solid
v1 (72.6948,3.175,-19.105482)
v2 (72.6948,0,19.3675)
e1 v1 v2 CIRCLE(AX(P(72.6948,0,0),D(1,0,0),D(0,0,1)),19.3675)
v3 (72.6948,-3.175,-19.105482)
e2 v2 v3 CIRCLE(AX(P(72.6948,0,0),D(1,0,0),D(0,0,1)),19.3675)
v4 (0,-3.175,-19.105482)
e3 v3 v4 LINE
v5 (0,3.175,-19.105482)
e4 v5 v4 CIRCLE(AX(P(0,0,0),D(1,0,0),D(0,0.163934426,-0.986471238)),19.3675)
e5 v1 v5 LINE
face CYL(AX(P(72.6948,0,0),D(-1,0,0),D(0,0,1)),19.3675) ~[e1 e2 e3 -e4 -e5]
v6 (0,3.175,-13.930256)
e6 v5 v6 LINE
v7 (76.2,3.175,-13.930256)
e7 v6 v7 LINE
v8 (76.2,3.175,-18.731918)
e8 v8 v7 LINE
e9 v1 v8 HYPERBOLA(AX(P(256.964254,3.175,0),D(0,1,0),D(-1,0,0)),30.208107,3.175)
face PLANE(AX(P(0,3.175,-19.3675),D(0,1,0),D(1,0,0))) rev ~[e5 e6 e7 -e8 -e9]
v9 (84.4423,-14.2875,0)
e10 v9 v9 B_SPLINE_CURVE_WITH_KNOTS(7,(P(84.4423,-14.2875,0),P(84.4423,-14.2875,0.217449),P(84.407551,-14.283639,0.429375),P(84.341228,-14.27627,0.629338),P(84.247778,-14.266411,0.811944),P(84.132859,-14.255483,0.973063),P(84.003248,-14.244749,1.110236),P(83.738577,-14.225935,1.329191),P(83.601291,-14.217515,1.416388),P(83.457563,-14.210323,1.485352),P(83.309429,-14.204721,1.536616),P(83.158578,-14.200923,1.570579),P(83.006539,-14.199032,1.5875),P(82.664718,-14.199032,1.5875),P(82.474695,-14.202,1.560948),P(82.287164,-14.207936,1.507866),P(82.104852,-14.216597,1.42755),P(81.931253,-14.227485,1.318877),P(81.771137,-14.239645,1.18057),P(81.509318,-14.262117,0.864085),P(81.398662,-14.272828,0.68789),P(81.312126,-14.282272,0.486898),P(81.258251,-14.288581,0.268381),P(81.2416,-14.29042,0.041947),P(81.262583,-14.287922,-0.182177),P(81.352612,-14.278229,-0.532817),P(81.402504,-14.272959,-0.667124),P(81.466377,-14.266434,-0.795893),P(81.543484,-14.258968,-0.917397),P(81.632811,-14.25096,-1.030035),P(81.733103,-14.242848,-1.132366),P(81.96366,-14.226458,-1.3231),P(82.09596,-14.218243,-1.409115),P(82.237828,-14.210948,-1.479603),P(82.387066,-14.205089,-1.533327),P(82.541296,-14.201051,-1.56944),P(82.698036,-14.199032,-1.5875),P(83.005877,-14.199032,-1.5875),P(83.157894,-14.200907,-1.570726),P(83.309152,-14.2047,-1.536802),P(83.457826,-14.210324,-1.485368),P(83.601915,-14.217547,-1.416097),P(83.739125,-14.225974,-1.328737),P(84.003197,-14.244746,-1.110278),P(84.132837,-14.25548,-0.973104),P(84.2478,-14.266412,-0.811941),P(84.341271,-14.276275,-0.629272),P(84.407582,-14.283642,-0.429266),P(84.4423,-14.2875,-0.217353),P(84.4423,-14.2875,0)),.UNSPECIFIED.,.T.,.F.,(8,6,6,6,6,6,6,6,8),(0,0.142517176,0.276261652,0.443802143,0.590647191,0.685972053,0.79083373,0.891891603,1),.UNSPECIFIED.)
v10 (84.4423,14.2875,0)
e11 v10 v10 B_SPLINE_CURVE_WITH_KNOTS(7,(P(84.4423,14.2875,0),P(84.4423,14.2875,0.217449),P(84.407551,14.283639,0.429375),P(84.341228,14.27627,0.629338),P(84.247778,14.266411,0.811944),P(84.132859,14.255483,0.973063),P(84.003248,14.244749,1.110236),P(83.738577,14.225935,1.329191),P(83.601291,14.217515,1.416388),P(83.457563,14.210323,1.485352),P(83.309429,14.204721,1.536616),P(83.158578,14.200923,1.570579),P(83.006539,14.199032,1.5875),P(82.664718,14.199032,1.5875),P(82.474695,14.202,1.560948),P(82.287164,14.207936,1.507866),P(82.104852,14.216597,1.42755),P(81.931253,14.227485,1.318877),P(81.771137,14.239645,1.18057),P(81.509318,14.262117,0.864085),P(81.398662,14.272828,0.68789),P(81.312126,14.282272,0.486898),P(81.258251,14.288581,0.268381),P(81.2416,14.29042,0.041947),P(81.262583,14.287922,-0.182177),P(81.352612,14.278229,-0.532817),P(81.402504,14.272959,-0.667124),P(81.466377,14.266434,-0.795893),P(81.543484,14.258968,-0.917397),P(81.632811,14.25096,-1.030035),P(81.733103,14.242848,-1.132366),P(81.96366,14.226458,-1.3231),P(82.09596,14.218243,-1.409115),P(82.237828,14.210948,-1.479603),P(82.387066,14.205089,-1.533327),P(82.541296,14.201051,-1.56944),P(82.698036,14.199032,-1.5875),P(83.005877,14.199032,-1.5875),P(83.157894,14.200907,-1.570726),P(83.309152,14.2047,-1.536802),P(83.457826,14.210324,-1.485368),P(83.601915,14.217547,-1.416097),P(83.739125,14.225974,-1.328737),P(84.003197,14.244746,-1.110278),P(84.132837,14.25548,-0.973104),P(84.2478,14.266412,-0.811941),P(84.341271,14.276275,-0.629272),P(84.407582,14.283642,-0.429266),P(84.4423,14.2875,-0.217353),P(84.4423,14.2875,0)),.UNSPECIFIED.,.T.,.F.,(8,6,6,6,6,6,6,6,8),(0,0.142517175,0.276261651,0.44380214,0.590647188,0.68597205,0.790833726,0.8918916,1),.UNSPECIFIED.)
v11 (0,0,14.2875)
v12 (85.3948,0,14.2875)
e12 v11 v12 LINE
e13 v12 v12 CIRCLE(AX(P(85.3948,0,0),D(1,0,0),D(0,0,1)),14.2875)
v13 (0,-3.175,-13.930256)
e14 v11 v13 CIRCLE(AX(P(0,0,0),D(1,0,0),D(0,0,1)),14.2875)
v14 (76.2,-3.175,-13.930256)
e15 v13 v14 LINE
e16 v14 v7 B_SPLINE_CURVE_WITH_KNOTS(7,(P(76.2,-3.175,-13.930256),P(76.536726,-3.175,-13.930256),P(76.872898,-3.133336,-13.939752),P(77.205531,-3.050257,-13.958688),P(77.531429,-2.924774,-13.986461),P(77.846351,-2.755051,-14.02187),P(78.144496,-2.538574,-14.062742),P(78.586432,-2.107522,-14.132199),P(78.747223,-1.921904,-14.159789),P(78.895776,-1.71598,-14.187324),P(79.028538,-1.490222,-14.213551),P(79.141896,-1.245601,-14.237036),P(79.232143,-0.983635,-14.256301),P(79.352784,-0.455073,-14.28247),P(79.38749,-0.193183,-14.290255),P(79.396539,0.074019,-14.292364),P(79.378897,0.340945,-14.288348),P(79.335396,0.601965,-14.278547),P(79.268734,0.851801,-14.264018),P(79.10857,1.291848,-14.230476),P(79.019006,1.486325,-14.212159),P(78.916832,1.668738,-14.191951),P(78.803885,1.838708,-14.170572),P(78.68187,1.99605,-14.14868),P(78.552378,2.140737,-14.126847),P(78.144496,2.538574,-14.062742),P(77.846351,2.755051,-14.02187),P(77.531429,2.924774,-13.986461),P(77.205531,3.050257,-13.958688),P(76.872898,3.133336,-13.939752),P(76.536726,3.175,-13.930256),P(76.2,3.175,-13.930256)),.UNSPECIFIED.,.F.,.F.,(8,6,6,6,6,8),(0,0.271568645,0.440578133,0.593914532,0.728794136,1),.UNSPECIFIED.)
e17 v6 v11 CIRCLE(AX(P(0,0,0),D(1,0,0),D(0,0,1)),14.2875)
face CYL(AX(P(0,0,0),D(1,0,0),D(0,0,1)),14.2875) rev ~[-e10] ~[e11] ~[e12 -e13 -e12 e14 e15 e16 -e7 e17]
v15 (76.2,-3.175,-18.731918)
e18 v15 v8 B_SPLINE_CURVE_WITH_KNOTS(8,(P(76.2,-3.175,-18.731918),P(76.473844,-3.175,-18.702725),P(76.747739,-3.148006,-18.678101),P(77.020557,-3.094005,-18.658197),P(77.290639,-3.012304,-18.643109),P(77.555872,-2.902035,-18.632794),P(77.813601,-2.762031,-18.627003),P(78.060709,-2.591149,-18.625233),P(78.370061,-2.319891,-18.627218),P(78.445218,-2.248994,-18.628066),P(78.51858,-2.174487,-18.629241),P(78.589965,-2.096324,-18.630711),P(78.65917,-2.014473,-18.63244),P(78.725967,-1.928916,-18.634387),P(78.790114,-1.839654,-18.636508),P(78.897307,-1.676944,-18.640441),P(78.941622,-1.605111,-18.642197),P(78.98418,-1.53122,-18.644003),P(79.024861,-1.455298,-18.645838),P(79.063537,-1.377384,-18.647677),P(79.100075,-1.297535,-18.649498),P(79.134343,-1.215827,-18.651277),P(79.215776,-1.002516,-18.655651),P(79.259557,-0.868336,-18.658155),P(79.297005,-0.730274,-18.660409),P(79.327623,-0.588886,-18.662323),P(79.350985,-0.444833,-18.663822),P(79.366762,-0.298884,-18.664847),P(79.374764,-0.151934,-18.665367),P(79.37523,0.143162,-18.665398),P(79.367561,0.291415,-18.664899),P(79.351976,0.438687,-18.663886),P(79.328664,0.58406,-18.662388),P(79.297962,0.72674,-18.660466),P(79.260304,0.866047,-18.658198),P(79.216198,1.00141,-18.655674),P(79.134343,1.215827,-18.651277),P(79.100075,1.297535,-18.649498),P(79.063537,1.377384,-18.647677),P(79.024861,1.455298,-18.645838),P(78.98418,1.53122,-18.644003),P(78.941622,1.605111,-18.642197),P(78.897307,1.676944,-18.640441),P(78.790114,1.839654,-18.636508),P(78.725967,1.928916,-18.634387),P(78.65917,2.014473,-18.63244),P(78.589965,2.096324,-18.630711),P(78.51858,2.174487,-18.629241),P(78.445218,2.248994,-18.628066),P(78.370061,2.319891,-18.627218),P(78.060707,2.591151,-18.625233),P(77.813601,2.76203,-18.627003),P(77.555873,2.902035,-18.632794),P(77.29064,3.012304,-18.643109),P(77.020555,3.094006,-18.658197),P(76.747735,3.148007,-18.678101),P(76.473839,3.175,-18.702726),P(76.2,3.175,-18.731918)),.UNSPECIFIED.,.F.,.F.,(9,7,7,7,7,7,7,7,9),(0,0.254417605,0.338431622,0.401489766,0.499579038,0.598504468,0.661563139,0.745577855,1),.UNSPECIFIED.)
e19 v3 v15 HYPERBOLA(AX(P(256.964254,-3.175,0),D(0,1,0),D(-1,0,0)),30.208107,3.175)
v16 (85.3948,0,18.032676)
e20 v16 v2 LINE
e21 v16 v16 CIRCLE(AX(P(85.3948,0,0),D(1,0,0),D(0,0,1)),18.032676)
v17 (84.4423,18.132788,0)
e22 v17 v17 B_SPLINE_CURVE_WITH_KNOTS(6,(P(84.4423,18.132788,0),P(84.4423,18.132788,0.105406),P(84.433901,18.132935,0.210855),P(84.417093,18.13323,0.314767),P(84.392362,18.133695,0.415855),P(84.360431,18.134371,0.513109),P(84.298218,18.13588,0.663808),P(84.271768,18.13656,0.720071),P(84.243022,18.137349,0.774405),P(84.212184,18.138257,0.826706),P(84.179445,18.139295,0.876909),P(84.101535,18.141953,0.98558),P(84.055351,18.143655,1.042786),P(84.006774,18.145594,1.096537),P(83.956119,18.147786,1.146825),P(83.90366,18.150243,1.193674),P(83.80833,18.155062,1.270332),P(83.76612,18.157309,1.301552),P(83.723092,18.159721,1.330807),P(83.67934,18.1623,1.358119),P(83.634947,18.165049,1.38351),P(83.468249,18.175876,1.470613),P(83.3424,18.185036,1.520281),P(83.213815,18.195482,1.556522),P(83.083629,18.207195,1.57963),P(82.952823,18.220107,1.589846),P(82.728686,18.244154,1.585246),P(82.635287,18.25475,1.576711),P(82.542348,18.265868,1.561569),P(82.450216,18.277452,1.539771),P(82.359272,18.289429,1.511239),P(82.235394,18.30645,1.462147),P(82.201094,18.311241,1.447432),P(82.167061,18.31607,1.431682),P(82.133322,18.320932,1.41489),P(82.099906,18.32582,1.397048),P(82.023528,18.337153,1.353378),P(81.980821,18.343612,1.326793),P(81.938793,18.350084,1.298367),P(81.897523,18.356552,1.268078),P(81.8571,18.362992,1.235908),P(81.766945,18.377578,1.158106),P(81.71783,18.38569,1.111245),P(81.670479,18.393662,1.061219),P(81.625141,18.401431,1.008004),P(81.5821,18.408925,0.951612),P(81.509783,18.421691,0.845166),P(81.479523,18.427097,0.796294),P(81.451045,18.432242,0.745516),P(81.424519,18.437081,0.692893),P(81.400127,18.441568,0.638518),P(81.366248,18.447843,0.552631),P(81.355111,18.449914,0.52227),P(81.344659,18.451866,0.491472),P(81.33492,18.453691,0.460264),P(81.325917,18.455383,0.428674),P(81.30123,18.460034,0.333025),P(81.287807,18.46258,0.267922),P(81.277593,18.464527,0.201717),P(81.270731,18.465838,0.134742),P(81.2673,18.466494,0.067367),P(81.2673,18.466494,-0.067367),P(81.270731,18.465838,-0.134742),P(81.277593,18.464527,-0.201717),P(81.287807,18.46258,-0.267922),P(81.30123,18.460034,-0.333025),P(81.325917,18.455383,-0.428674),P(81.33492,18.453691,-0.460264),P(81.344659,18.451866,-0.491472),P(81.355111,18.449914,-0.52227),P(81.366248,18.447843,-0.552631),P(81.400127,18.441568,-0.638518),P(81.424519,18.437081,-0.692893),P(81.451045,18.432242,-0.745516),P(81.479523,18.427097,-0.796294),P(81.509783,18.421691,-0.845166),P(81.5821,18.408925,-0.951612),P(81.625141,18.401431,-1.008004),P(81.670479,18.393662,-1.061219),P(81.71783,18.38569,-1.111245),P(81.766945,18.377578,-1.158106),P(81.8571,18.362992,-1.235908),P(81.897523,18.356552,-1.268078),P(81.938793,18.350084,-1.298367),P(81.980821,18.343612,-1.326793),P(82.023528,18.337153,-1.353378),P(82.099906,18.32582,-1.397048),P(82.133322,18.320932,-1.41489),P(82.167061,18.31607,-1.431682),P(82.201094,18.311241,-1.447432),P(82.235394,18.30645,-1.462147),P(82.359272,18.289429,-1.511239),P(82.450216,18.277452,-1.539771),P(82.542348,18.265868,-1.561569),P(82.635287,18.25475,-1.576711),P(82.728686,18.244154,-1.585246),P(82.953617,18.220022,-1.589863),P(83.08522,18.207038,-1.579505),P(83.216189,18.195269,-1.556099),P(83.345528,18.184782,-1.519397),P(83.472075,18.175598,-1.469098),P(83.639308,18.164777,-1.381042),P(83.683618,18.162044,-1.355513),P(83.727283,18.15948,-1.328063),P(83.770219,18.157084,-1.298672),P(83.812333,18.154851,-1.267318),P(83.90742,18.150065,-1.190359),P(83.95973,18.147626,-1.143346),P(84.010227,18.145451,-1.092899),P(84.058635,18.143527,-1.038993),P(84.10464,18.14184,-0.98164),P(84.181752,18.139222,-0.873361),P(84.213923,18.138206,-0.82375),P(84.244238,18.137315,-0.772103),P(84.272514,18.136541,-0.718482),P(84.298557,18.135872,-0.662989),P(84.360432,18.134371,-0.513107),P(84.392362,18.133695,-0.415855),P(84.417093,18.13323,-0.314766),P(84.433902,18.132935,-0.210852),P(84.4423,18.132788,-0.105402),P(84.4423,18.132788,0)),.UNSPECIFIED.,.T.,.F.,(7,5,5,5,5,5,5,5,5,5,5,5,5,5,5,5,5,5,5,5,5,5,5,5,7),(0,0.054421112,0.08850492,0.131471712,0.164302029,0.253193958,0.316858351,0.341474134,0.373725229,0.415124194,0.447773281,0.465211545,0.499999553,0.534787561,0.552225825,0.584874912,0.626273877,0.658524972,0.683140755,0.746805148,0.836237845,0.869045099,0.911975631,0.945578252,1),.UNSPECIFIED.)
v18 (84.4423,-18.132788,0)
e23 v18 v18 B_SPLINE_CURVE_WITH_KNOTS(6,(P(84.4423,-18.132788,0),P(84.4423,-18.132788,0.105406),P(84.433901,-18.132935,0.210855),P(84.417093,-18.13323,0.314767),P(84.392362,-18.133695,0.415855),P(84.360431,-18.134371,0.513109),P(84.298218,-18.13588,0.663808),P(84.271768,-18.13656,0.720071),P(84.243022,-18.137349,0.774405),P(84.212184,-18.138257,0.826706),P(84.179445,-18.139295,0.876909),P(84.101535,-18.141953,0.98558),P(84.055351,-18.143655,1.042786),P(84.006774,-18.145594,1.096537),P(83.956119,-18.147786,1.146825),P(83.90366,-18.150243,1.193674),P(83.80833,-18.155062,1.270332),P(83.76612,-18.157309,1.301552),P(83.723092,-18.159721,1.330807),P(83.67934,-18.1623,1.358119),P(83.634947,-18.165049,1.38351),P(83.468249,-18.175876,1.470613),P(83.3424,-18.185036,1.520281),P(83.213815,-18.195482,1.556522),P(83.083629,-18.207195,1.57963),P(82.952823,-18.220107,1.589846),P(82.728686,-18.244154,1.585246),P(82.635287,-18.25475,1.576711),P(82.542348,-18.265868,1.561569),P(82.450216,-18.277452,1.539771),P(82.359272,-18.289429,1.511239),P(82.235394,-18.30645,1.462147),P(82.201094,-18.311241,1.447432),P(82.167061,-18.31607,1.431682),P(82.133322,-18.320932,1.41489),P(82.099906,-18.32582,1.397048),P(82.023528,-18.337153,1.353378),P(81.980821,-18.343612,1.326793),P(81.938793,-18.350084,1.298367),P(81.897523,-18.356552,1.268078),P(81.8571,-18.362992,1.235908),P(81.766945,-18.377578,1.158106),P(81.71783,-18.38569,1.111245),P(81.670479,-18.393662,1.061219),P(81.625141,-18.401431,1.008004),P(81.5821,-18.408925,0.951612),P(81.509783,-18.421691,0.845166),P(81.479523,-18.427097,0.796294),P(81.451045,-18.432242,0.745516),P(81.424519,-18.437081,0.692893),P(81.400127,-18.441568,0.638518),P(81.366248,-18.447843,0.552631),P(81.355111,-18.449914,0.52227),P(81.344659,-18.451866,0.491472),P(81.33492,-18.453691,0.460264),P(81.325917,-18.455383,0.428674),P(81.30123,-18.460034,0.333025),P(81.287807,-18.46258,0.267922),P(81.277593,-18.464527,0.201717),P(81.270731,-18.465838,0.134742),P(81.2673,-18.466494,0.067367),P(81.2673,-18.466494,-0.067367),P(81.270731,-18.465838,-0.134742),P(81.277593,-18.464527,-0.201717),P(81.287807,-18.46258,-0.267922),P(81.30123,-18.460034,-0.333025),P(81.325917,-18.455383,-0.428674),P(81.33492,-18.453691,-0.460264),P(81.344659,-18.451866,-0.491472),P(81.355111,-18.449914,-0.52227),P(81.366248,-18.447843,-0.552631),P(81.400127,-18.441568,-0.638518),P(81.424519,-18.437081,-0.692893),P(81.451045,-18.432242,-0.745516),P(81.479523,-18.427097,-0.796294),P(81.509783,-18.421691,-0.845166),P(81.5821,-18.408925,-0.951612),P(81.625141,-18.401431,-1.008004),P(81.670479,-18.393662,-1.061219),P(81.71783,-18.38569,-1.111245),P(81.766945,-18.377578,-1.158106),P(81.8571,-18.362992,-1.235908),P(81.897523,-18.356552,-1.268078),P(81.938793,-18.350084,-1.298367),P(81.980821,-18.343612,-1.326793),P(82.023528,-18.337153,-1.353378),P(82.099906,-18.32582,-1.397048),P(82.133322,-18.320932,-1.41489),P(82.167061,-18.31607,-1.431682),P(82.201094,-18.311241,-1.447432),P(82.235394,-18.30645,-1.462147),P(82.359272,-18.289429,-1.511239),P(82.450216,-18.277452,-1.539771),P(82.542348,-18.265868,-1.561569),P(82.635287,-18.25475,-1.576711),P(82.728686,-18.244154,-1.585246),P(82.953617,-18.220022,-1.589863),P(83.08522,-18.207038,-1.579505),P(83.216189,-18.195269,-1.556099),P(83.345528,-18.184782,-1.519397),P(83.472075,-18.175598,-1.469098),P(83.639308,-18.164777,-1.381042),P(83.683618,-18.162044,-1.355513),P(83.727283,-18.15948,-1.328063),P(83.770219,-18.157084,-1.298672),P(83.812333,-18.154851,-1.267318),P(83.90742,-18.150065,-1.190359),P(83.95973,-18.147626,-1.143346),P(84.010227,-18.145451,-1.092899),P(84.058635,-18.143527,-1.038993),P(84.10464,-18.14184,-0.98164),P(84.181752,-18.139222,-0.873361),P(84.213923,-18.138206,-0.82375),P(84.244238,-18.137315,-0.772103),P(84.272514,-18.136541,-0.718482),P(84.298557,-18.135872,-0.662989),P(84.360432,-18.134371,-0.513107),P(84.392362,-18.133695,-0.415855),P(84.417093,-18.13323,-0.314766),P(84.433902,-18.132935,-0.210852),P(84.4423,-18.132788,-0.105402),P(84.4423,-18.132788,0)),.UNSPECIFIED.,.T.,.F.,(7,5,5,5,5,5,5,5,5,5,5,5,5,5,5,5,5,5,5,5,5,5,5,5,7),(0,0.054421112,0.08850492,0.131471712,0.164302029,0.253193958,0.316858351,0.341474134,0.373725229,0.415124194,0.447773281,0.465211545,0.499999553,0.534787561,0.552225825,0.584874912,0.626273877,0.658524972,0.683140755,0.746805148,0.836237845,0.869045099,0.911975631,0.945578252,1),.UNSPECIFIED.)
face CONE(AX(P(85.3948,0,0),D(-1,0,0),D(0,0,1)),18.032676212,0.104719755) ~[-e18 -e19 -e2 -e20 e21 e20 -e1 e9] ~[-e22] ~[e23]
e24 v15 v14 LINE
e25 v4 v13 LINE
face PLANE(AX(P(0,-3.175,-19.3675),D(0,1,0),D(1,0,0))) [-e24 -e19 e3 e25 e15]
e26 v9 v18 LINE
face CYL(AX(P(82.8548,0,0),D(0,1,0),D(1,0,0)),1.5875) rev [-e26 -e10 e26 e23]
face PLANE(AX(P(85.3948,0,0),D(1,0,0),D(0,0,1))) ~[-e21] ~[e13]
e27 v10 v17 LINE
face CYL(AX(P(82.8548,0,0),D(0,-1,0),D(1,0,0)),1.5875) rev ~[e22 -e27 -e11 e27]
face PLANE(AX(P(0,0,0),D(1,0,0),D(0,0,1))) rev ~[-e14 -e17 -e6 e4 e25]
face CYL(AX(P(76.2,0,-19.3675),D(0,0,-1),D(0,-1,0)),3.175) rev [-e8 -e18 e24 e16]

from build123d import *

# Parameters (mm, degrees)
F2_R          = 1.5875
F3_DEPTH      = 19.3685
F3_DEPTH_BACK = 19.3685
F6_W          = 76.2
F6_H          = 6.35
F7_DEPTH      = 5.438244135


with BuildPart() as f1:
    # F0 (on Front) → F1 (revolve)
    with BuildSketch(Plane.XZ):
        Polygon((72.6948, 19.3675), (0, 19.3675), (0, 14.2875), (85.3948, 14.2875), (85.3948, 18.0326762121), align=None)
    revolve(axis=Axis((42.6974, 0, 0), (1, 0, 0)))

    # F2 (on Front) → F3 (cut, two sides)
    with BuildSketch(Plane.XZ) as f3_sk:
        with Locations((82.8548, 0)):
            Circle(F2_R)
    extrude(amount=-F3_DEPTH, mode=Mode.SUBTRACT)
    extrude(f3_sk.sketch, amount=F3_DEPTH_BACK, mode=Mode.SUBTRACT)

    # F6 (on plane+point) → F7 (cut, through all)
    with BuildSketch(Plane.XY.offset(-19.3675)):
        with Locations((38.1, 0)):
            Rectangle(F6_W, F6_H)
        with BuildLine():
            ThreePointArc((76.2, -3.175), (79.375, 0), (76.2, 3.175))
            Line((76.2, 3.175), (76.2, -3.175))
        make_face()
    extrude(amount=F7_DEPTH, mode=Mode.SUBTRACT)


solid = f1.part
